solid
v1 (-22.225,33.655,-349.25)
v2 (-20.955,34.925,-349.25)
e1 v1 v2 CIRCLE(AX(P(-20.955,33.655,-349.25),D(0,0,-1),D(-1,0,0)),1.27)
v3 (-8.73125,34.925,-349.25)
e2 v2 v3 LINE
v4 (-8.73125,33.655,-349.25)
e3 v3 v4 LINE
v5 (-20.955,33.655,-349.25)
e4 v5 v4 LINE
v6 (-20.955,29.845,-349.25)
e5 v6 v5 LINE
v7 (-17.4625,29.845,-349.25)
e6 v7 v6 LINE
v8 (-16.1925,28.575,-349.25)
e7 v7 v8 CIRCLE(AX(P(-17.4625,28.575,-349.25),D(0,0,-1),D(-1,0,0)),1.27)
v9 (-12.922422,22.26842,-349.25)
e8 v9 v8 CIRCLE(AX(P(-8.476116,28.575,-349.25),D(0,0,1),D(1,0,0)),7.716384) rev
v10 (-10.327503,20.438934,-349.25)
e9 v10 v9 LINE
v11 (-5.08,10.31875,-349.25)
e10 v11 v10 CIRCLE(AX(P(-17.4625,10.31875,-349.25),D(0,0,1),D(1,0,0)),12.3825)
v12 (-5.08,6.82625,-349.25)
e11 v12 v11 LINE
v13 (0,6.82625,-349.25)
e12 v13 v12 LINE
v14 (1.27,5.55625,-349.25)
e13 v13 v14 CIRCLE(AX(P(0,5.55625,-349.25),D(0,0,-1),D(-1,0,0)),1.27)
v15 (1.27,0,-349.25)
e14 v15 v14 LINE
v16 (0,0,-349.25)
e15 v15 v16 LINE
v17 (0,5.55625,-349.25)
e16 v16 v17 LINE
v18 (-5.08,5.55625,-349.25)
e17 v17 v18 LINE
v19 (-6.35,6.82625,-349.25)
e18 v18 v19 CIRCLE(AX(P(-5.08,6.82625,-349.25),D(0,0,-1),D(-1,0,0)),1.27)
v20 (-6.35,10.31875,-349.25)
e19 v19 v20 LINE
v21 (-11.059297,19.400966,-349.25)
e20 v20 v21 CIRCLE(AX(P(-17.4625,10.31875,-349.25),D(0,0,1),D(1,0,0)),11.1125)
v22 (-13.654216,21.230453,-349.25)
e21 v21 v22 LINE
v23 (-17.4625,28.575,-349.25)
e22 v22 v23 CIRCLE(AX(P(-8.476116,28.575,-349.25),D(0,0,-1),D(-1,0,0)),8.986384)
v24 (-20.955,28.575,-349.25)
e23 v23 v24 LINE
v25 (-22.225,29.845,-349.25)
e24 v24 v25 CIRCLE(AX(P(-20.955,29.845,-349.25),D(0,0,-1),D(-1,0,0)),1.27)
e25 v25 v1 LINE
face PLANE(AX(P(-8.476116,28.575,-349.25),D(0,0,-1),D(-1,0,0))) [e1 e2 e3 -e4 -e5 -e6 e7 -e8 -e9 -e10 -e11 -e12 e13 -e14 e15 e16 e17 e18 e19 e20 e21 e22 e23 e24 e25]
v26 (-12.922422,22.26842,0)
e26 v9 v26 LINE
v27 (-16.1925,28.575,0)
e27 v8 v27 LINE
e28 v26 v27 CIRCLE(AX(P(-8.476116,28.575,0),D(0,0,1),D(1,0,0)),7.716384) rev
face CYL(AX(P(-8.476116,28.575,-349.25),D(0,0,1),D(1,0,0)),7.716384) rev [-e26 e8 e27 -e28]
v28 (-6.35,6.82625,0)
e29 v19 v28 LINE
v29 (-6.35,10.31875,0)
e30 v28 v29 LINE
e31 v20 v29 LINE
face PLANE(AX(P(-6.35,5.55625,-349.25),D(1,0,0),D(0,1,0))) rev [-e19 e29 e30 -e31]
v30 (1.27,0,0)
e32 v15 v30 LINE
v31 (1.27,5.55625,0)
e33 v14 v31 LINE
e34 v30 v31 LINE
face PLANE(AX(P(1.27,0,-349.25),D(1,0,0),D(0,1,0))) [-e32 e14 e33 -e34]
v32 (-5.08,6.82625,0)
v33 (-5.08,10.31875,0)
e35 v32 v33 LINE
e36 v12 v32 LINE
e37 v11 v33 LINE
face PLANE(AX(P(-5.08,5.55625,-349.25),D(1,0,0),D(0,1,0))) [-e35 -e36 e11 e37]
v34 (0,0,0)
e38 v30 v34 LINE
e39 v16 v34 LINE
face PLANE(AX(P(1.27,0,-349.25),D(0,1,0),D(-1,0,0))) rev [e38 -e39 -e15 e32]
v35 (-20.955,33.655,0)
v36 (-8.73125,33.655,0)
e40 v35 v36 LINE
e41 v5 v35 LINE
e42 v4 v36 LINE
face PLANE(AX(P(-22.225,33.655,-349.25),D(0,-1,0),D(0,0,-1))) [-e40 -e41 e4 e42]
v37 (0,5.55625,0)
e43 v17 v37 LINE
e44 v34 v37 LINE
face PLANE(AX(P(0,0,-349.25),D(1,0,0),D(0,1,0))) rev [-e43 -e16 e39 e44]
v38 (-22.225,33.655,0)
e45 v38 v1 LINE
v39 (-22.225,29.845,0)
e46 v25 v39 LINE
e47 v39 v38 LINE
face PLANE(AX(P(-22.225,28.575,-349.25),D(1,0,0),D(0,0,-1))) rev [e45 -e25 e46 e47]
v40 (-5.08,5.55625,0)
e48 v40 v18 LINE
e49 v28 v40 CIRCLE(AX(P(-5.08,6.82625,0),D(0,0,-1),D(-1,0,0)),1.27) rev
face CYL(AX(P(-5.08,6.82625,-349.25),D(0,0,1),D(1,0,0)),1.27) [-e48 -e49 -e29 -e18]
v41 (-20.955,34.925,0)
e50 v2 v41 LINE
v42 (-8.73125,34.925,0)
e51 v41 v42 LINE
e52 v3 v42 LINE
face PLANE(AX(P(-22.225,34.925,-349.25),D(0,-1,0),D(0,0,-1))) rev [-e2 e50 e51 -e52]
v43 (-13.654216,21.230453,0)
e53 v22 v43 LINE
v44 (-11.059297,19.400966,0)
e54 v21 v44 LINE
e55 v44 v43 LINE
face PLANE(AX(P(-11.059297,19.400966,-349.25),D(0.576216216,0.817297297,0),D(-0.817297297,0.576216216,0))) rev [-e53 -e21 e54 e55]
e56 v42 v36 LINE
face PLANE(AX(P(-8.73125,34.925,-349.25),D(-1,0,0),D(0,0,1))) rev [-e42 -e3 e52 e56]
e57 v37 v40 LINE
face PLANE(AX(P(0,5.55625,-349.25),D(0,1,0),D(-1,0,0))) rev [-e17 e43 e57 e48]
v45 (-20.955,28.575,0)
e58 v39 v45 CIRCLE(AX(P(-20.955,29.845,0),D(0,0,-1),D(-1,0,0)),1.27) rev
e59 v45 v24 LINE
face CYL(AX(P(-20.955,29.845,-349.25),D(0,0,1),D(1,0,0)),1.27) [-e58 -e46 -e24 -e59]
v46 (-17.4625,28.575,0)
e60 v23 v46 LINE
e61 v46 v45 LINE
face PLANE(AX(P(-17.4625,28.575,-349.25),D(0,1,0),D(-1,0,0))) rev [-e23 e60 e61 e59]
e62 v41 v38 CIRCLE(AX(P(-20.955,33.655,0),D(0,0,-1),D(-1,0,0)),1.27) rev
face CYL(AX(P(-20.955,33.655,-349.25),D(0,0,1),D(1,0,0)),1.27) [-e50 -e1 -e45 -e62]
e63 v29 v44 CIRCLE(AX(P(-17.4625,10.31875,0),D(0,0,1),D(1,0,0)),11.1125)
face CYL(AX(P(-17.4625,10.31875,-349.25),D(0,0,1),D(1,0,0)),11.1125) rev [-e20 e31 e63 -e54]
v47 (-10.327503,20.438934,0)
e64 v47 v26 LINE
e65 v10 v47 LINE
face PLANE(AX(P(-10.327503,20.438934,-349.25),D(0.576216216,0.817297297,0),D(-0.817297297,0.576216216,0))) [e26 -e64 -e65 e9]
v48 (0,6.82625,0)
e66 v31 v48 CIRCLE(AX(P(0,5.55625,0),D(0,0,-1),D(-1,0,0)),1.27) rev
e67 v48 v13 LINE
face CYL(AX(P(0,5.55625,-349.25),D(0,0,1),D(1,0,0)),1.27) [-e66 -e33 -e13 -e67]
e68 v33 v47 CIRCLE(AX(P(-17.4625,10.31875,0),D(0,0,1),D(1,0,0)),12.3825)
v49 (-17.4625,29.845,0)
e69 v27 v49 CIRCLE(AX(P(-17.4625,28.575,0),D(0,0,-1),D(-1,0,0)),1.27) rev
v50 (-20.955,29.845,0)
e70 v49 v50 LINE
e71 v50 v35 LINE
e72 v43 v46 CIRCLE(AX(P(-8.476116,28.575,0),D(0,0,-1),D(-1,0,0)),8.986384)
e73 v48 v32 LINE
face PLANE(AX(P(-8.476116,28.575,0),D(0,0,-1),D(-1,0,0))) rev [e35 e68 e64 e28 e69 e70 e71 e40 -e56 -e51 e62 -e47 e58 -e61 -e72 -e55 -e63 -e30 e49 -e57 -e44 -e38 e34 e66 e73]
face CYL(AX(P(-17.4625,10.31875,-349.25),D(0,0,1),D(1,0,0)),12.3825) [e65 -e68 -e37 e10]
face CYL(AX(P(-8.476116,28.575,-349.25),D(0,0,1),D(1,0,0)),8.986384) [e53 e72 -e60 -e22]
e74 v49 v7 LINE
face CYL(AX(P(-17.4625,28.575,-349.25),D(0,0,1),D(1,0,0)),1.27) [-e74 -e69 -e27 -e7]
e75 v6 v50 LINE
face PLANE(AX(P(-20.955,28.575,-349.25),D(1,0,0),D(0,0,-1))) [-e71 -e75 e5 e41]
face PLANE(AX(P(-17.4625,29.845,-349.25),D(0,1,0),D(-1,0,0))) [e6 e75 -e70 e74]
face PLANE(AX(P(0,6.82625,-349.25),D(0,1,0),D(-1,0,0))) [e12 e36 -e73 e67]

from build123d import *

# Parameters (mm, degrees)
EXTRUDE_THIN1_DEPTH = 349.25
FILLET1_R           = 1.27


with BuildPart() as part:
    # Sketch1 → Extrude-Thin1 (new body)
    with BuildSketch(Plane.XY):
        with BuildLine():
            Line((0, 0), (0, 5.55625))
            Line((0, 5.55625), (-6.35, 5.55625))
            Line((-6.35, 5.55625), (-6.35, 10.31875))
            ThreePointArc((-6.35, 10.31875), (-7.597327769, 15.43402449), (-11.059297297, 19.400966216))
            Line((-11.059297297, 19.400966216), (-13.654216216, 21.230452703))
            ThreePointArc((-13.654216216, 21.230452703), (-16.453819125, 24.438413231), (-17.4625, 28.575))
            Line((-17.4625, 28.575), (-22.225, 28.575))
            Line((-22.225, 28.575), (-22.225, 34.925))
            Line((-22.225, 34.925), (-8.73125, 34.925))
            Line((-8.73125, 34.925), (-8.73125, 33.655))
            Line((-8.73125, 33.655), (-20.955, 33.655))
            Line((-20.955, 33.655), (-20.955, 29.845))
            Line((-20.955, 29.845), (-16.087271104, 29.845))
            ThreePointArc((-16.087271104, 29.845), (-15.596279625, 25.600802309), (-12.922421622, 22.26842027))
            Line((-12.922421622, 22.26842027), (-10.327502703, 20.438933784))
            ThreePointArc((-10.327502703, 20.438933784), (-6.469879514, 16.018627289), (-5.08, 10.31875))
            Line((-5.08, 10.31875), (-5.08, 6.82625))
            Line((-5.08, 6.82625), (1.27, 6.82625))
            Line((1.27, 6.82625), (1.27, 0))
            Line((1.27, 0), (0, 0))
        make_face()
    extrude(amount=-EXTRUDE_THIN1_DEPTH)

    # Fillet1
    fillet1_edges = [part.edges().sort_by_distance(p)[0] for p in [
        (-16.087271104, 29.845, -174.625),
        (1.27, 6.82625, -174.625),
        (-6.35, 5.55625, -174.625),
        (-22.225, 28.575, -174.625),
        (-22.225, 34.925, -174.625),
    ]]
    fillet(fillet1_edges, radius=FILLET1_R)


solid = part.part
